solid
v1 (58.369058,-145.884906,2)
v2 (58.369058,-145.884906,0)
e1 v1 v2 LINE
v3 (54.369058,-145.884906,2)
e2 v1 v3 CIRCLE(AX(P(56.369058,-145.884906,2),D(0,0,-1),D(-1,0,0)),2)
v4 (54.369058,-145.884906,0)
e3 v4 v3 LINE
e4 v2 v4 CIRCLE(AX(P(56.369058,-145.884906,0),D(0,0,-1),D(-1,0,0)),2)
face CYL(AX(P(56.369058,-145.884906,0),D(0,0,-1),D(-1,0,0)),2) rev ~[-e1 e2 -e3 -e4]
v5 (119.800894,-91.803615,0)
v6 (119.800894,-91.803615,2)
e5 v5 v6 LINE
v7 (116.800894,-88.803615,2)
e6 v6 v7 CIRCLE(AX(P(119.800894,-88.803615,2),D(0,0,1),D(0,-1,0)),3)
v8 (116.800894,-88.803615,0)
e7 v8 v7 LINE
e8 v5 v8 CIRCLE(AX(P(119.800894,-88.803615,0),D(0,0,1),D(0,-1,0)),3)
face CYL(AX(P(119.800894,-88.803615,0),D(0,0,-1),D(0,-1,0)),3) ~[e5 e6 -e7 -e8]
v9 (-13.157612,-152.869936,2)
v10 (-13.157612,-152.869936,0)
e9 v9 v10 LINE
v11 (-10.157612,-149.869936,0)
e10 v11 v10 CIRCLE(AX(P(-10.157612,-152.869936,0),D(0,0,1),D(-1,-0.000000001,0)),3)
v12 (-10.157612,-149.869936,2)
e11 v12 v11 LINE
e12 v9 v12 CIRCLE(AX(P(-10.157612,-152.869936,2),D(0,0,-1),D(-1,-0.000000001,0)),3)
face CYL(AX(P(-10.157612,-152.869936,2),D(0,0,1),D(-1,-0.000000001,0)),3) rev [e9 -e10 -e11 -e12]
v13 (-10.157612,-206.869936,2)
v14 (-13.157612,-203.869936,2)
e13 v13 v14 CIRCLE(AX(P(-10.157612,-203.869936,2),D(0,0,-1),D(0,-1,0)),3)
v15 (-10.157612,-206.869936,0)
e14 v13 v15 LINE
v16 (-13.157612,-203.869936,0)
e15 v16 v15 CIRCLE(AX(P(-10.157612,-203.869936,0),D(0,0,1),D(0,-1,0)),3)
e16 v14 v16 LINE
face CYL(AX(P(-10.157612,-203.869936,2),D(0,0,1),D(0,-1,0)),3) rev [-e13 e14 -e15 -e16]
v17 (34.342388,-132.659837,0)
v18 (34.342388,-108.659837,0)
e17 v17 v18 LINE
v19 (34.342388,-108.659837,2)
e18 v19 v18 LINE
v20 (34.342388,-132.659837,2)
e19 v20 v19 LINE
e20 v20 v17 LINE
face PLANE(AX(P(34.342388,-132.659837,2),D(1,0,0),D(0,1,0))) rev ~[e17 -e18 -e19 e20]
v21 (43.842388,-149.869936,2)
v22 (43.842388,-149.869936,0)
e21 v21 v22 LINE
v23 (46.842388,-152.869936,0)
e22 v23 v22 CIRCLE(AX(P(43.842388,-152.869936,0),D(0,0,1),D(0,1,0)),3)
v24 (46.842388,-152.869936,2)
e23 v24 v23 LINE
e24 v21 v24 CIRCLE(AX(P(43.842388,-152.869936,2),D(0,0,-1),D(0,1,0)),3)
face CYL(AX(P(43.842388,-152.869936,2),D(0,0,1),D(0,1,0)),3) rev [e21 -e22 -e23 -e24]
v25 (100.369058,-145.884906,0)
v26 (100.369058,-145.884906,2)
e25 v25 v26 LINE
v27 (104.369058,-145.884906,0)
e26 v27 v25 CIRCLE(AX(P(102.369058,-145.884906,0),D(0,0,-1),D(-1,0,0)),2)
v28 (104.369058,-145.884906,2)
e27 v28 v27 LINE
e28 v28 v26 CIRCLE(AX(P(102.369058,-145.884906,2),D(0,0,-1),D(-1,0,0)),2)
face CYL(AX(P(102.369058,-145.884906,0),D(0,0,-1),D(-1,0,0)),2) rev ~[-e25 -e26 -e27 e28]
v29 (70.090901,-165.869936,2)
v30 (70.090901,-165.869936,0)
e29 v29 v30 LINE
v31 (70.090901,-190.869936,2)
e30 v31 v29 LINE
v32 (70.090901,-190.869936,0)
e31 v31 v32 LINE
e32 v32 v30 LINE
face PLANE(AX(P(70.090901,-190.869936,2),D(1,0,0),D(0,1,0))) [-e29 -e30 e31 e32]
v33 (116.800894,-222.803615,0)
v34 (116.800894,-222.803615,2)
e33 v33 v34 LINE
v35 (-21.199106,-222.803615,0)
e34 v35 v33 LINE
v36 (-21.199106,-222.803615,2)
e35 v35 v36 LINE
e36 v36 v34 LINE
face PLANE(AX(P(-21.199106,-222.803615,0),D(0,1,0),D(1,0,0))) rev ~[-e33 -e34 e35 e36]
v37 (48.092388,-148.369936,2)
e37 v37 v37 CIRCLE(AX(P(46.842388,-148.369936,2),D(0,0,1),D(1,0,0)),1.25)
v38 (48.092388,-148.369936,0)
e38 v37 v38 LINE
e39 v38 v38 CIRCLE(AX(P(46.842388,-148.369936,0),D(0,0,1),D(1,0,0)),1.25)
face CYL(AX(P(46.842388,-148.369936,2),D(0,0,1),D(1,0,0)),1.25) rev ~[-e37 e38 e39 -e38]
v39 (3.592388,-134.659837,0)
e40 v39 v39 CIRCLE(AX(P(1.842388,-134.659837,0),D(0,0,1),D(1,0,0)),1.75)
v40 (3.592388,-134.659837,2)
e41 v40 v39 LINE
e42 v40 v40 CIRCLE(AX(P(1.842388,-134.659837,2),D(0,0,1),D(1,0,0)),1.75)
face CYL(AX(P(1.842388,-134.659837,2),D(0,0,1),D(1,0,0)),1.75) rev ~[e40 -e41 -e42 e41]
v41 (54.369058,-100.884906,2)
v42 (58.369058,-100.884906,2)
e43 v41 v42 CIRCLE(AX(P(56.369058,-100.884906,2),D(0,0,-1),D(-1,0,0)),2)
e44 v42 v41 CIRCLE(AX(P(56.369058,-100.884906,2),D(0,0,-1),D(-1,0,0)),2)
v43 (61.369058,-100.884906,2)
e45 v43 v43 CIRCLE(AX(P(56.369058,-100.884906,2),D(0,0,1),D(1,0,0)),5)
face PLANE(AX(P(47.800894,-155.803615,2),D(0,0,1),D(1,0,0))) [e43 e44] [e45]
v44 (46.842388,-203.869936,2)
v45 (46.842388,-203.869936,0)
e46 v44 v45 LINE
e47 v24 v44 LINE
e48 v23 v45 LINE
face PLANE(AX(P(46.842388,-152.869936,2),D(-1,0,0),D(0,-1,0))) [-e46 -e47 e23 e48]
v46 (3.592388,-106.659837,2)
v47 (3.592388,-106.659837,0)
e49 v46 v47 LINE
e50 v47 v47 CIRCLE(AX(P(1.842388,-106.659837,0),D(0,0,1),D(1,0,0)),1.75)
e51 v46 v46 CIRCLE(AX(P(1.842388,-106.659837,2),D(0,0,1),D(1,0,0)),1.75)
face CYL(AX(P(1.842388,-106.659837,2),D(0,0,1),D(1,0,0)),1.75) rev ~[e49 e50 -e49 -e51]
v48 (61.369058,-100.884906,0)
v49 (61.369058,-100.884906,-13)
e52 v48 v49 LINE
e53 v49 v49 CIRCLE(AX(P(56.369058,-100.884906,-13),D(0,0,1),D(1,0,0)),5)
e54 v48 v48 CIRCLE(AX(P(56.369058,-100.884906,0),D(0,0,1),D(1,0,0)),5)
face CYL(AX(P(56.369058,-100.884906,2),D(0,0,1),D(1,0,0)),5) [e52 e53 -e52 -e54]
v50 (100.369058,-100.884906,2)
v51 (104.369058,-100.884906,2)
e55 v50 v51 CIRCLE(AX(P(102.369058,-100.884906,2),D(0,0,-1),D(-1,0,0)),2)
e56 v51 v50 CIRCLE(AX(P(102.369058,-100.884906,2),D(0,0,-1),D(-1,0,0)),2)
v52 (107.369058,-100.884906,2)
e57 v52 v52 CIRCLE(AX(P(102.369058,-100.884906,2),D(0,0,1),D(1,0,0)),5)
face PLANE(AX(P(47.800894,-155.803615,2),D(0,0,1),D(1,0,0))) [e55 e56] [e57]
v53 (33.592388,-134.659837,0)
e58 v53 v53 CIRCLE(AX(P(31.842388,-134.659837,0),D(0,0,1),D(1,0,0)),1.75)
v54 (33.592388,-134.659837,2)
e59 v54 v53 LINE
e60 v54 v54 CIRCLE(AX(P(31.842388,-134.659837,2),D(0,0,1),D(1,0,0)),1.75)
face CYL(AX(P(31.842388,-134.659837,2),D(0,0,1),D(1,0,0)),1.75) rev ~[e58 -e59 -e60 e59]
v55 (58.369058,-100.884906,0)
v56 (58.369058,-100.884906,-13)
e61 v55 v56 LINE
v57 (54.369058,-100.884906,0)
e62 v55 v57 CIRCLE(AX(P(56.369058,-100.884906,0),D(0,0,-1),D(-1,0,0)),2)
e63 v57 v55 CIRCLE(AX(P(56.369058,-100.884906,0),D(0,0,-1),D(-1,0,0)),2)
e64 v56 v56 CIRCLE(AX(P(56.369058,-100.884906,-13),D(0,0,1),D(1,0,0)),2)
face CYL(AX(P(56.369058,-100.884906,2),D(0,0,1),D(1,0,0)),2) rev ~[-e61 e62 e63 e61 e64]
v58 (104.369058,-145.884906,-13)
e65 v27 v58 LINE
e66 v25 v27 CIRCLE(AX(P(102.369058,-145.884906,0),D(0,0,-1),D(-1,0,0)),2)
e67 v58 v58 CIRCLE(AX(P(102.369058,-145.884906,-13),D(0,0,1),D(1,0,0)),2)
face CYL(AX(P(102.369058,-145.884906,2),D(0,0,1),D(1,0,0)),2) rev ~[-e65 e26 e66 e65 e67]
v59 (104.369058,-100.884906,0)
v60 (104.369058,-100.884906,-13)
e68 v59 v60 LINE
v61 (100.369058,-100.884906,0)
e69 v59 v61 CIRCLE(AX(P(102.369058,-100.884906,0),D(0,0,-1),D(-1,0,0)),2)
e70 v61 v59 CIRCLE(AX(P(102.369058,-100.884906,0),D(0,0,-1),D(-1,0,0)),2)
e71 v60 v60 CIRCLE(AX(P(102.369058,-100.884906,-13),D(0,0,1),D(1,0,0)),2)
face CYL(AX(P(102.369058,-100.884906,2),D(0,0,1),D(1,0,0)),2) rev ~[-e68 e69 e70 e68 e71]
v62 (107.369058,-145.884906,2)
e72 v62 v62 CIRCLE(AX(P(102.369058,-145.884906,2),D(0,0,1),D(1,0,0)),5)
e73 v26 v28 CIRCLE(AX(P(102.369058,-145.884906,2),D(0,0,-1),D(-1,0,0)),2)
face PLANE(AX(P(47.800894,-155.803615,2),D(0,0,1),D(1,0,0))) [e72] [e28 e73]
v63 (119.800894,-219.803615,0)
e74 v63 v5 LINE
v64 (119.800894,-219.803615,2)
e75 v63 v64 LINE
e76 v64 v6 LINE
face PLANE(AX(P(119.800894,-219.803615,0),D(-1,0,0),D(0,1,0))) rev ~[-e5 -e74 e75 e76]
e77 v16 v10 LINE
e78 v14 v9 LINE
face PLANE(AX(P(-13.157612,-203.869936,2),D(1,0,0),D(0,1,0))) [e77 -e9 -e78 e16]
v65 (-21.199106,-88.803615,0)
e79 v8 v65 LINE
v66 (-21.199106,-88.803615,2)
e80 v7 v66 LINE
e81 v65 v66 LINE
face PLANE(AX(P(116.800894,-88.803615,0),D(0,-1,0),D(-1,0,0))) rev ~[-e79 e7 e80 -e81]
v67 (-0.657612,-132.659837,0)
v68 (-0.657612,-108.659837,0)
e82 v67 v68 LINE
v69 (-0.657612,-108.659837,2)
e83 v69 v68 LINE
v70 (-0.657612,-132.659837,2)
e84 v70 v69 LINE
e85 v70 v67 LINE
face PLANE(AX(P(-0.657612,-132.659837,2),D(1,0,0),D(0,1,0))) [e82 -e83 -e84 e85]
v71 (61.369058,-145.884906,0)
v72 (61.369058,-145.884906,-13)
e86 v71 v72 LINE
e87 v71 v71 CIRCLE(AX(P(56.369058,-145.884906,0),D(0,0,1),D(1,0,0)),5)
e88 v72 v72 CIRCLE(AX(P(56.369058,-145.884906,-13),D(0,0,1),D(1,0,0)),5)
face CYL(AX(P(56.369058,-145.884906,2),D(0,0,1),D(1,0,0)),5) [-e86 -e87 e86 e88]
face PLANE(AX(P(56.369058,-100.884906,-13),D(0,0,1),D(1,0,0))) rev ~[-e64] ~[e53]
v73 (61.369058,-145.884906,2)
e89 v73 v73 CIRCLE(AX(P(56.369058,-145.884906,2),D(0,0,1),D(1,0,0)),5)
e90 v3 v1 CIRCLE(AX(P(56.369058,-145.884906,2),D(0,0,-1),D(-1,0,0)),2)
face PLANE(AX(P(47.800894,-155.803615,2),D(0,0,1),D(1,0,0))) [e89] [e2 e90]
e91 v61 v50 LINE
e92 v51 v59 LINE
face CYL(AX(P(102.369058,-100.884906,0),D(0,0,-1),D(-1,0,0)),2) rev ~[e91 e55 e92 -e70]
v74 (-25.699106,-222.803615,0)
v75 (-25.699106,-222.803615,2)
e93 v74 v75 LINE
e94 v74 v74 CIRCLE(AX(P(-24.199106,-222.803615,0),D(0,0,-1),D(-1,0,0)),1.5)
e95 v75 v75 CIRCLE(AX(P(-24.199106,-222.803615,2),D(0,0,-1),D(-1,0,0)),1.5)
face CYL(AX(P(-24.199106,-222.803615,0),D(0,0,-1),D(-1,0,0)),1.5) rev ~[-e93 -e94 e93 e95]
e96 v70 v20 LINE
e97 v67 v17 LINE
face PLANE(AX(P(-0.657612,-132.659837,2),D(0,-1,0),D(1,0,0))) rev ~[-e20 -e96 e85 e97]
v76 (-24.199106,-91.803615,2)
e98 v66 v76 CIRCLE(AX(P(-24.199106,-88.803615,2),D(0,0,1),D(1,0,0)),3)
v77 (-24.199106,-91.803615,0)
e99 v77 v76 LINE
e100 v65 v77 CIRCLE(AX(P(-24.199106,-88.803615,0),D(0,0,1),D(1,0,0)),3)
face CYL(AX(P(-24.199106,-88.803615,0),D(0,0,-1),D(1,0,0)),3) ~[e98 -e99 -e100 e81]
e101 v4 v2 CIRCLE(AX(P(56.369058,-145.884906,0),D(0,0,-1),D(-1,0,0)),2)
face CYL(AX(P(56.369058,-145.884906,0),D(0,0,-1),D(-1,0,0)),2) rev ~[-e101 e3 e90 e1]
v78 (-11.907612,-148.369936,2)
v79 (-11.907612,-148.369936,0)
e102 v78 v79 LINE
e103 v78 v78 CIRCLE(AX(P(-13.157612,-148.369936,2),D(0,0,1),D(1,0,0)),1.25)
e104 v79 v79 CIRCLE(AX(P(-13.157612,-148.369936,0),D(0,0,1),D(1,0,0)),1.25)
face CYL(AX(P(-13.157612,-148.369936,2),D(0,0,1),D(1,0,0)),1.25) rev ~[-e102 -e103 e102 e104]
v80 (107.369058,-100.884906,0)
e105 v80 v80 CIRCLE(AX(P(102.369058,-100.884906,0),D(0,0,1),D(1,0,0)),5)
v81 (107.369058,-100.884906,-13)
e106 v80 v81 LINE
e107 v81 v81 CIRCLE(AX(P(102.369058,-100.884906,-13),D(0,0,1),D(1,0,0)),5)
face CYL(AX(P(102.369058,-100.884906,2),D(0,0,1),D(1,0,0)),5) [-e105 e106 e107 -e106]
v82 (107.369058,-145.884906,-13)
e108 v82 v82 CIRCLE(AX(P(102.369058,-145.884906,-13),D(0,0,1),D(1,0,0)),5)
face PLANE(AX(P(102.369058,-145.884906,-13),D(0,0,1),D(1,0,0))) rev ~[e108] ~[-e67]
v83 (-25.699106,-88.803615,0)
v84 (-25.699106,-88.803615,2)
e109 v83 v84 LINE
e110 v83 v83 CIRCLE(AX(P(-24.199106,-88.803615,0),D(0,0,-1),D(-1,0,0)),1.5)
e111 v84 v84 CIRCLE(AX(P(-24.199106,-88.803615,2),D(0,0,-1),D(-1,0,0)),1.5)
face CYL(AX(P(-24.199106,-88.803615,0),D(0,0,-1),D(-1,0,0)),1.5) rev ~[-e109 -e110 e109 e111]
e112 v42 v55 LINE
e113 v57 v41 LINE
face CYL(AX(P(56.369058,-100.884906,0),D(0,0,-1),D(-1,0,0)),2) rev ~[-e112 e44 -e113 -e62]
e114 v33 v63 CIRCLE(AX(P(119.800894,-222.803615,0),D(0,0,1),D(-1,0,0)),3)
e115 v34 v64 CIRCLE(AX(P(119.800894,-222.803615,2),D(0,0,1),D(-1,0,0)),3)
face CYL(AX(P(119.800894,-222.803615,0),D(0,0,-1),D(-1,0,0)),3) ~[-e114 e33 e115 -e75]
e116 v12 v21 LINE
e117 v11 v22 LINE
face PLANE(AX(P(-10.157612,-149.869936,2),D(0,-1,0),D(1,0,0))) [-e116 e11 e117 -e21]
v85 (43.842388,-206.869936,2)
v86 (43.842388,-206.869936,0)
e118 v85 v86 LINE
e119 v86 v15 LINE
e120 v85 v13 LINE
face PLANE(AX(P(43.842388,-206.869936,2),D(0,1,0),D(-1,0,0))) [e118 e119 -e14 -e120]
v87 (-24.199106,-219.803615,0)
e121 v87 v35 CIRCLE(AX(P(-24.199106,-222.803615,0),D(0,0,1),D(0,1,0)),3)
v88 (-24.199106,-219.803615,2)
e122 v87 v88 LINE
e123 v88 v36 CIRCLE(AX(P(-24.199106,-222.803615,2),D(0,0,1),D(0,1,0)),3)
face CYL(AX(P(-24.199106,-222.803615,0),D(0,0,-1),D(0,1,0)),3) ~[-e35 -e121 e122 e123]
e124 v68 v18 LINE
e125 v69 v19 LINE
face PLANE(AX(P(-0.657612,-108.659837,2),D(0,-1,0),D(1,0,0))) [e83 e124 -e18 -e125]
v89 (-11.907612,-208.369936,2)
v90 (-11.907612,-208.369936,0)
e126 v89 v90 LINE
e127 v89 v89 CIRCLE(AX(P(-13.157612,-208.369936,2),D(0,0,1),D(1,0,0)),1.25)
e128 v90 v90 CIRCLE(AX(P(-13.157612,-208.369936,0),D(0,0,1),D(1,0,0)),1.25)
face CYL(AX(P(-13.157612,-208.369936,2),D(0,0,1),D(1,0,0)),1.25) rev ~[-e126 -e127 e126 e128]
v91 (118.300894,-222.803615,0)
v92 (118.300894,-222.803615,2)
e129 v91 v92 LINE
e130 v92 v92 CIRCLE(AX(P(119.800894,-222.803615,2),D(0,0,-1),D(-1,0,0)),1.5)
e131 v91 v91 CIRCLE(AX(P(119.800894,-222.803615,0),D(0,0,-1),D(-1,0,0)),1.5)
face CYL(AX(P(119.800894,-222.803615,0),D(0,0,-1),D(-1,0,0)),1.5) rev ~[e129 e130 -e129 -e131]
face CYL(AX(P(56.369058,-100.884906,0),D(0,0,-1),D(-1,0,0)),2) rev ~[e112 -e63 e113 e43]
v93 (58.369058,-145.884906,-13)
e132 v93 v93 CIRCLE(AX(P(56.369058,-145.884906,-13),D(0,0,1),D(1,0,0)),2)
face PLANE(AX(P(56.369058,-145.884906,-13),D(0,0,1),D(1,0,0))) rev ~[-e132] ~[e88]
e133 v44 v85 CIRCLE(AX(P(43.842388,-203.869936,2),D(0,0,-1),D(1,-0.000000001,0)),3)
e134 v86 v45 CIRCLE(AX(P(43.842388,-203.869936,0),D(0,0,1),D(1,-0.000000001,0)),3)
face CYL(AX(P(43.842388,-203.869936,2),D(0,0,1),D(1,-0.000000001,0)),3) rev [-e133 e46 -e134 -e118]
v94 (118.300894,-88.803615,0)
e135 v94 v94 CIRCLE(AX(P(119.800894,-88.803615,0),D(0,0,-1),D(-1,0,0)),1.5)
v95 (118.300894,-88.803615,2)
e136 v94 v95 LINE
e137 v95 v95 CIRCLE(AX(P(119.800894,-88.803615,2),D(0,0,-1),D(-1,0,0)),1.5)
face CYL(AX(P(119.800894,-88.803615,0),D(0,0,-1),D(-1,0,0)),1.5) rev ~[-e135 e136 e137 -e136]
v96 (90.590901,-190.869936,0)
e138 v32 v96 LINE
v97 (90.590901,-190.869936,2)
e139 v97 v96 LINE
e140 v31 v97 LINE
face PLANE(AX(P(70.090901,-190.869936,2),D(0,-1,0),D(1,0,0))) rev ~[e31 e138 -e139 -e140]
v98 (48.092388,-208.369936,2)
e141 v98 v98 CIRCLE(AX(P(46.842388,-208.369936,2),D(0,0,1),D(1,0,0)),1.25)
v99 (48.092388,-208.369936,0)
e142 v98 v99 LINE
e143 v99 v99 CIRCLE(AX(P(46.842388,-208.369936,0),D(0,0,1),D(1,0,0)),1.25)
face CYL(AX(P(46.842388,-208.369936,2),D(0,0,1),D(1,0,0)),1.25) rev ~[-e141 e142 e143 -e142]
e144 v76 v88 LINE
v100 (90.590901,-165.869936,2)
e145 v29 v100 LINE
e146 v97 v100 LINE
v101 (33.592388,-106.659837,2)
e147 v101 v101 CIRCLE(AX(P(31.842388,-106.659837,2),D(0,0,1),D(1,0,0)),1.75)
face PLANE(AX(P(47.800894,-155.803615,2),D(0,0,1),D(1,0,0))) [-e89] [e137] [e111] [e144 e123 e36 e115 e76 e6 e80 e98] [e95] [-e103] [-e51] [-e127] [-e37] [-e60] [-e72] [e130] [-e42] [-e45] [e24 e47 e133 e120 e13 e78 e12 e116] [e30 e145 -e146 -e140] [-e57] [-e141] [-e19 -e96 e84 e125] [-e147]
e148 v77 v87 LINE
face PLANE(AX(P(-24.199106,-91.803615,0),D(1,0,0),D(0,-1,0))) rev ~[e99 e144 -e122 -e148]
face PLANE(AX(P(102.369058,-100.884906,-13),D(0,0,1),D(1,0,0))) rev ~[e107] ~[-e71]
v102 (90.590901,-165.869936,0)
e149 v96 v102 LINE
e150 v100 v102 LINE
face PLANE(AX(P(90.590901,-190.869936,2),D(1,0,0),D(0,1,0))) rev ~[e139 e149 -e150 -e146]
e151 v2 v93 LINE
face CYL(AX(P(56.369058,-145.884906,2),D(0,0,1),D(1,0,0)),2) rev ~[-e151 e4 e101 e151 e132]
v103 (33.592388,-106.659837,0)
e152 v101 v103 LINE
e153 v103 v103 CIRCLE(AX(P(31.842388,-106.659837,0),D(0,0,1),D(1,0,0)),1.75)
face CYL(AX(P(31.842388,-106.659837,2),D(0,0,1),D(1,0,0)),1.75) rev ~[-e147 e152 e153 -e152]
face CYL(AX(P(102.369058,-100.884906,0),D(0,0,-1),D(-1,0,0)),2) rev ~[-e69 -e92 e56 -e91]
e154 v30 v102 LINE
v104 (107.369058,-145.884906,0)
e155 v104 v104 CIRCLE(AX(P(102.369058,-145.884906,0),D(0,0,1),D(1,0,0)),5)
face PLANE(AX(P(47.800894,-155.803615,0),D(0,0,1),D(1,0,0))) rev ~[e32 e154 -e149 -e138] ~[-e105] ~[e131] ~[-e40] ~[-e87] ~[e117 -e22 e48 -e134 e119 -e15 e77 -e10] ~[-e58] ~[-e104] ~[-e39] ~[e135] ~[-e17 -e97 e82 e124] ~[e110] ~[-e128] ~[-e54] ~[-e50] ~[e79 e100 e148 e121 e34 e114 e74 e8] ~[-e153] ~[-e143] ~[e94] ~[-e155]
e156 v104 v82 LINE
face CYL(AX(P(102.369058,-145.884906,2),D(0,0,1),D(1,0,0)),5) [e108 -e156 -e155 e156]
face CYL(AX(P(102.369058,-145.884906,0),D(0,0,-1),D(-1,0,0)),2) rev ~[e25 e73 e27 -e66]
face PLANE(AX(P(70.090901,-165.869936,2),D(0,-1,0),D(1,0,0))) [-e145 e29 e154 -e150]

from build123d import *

# Parameters (mm, degrees)
BOSS_EXTRUDE1_DEPTH = 2
SKETCH2_R           = 1.5
CUT_EXTRUDE1_DEPTH  = 10
SKETCH3_R           = 1.25
SKETCH3_R_2         = 0.958506699
CUT_EXTRUDE2_DEPTH  = 10
CUT_EXTRUDE3_DEPTH  = 10
SKETCH5_R           = 0.958506699
CUT_EXTRUDE4_DEPTH  = 10
SKETCH8_R           = 2
CUT_EXTRUDE7_DEPTH  = 10
SKETCH9_R           = 5
SKETCH9_R_2         = 2
BOSS_EXTRUDE2_DEPTH = 15
SKETCH11_W          = 20.5
SKETCH11_H          = 25
CUT_EXTRUDE8_DEPTH  = 15
SKETCH12_R          = 1.75
SKETCH12_W          = 35
SKETCH12_H          = 24
CUT_EXTRUDE9_DEPTH  = 15


with BuildPart() as part:
    # Sketch1 → Boss-Extrude1 (new body)
    with BuildSketch(Plane.XY):
        with BuildLine():
            Line((119.800894358, -219.803615077), (119.800894358, -91.803615077))
            ThreePointArc((119.800894358, -91.803615077), (121.922214702, -86.682294733), (116.800894358, -88.803615077))
            Line((116.800894358, -88.803615077), (-21.199105642, -88.803615077))
            ThreePointArc((-21.199105642, -88.803615077), (-26.320425985, -86.682294733), (-24.199105642, -91.803615077))
            Line((-24.199105642, -91.803615077), (-24.199105642, -219.803615077))
            ThreePointArc((-24.199105642, -219.803615077), (-26.320425985, -224.92493542), (-21.199105642, -222.803615077))
            Line((-21.199105642, -222.803615077), (116.800894358, -222.803615077))
            ThreePointArc((116.800894358, -222.803615077), (121.922214702, -224.92493542), (119.800894358, -219.803615077))
        make_face()
    extrude(amount=BOSS_EXTRUDE1_DEPTH)

    # Sketch2 → Cut-Extrude1 (cut)
    with BuildSketch(Plane(origin=(0, 0, 0), x_dir=(-1, 0, 0), z_dir=(0, 0, -1))):
        with Locations((-119.800894358, -88.803615077)):
            Circle(SKETCH2_R)
        with Locations((24.199105642, -88.803615077)):
            Circle(SKETCH2_R)
        with Locations((24.199105642, -222.803615077)):
            Circle(SKETCH2_R)
        with Locations((-119.800894358, -222.803615077)):
            Circle(SKETCH2_R)
    extrude(amount=-CUT_EXTRUDE1_DEPTH, mode=Mode.SUBTRACT)

    # Sketch3 → Cut-Extrude2 (cut)
    with BuildSketch(Plane.XY.offset(2)):
        with Locations((-13.15761234, -148.369936061)):
            Circle(SKETCH3_R)
        with Locations((46.84238766, -148.369936061)):
            Circle(SKETCH3_R)
        with Locations((-13.15761234, -208.369936061)):
            Circle(SKETCH3_R)
        with Locations((46.84238766, -208.369936061)):
            Circle(SKETCH3_R)
        with Locations((46.84238766, -208.369936061)):
            Circle(SKETCH3_R_2, mode=Mode.SUBTRACT)
    extrude(amount=-CUT_EXTRUDE2_DEPTH, mode=Mode.SUBTRACT)

    # Sketch4 → Cut-Extrude3 (cut)
    with BuildSketch(Plane.XY.offset(2)):
        with BuildLine():
            Line((-10.15761234, -149.869936061), (43.84238766, -149.869936061))
            ThreePointArc((43.84238766, -149.869936061), (45.963708003, -150.748615717), (46.84238766, -152.869936061))
            Line((46.84238766, -152.869936061), (46.84238766, -203.869936061))
            ThreePointArc((46.84238766, -203.869936061), (45.963708003, -205.991256404), (43.84238766, -206.869936061))
            Line((43.84238766, -206.869936061), (-10.15761234, -206.869936061))
            ThreePointArc((-10.15761234, -206.869936061), (-12.278932684, -205.991256404), (-13.15761234, -203.869936061))
            Line((-13.15761234, -203.869936061), (-13.15761234, -152.869936061))
            ThreePointArc((-13.15761234, -152.869936061), (-12.278932684, -150.748615717), (-10.15761234, -149.869936061))
        make_face()
    extrude(amount=-CUT_EXTRUDE3_DEPTH, mode=Mode.SUBTRACT)

    # Sketch5 → Cut-Extrude4 (cut)
    with BuildSketch(Plane(origin=(0, 0, 0), x_dir=(-1, 0, 0), z_dir=(0, 0, -1))):
        with Locations((-46.84238766, -208.369936061)):
            Circle(SKETCH5_R)
    extrude(amount=-CUT_EXTRUDE4_DEPTH, mode=Mode.SUBTRACT)

    # Sketch8 → Cut-Extrude7 (cut)
    with BuildSketch(Plane(origin=(0, 0, 0), x_dir=(-1, 0, 0), z_dir=(0, 0, -1))):
        with Locations((-102.369057956, -100.884905857)):
            Circle(SKETCH8_R)
        with Locations((-56.369057956, -100.884905857)):
            Circle(SKETCH8_R)
        with Locations((-102.369057956, -145.884905857)):
            Circle(SKETCH8_R)
        with Locations((-56.369057956, -145.884905857)):
            Circle(SKETCH8_R)
    extrude(amount=-CUT_EXTRUDE7_DEPTH, mode=Mode.SUBTRACT)

    # Sketch9 → Boss-Extrude2 (add)
    with BuildSketch(Plane.XY.offset(2)):
        with Locations((56.369057956, -100.884905857)):
            Circle(SKETCH9_R)
        with Locations((56.369057956, -100.884905857)):
            Circle(SKETCH9_R_2, mode=Mode.SUBTRACT)
        with Locations((102.369057956, -100.884905857)):
            Circle(SKETCH9_R)
        with Locations((102.369057956, -100.884905857)):
            Circle(SKETCH9_R_2, mode=Mode.SUBTRACT)
        with Locations((102.369057956, -145.884905857)):
            Circle(SKETCH9_R)
        with Locations((102.369057956, -145.884905857)):
            Circle(SKETCH9_R_2, mode=Mode.SUBTRACT)
        with Locations((56.369057956, -145.884905857)):
            Circle(SKETCH9_R)
        with Locations((56.369057956, -145.884905857)):
            Circle(SKETCH9_R_2, mode=Mode.SUBTRACT)
    extrude(amount=-BOSS_EXTRUDE2_DEPTH)

    # Sketch11 → Cut-Extrude8 (cut)
    with BuildSketch(Plane.XY.offset(2)):
        with Locations((80.340901452, -178.369936061)):
            Rectangle(SKETCH11_W, SKETCH11_H)
    extrude(amount=-CUT_EXTRUDE8_DEPTH, mode=Mode.SUBTRACT)

    # Sketch12 → Cut-Extrude9 (cut)
    with BuildSketch(Plane.XY.offset(2)):
        with Locations((31.84238766, -106.65983664)):
            Circle(SKETCH12_R)
        with Locations((1.84238766, -106.65983664)):
            Circle(SKETCH12_R)
        with Locations((1.84238766, -134.65983664)):
            Circle(SKETCH12_R)
        with Locations((31.84238766, -134.65983664)):
            Circle(SKETCH12_R)
        with Locations((16.84238766, -120.65983664)):
            Rectangle(SKETCH12_W, SKETCH12_H)
    extrude(amount=-CUT_EXTRUDE9_DEPTH, mode=Mode.SUBTRACT)


solid = part.part
